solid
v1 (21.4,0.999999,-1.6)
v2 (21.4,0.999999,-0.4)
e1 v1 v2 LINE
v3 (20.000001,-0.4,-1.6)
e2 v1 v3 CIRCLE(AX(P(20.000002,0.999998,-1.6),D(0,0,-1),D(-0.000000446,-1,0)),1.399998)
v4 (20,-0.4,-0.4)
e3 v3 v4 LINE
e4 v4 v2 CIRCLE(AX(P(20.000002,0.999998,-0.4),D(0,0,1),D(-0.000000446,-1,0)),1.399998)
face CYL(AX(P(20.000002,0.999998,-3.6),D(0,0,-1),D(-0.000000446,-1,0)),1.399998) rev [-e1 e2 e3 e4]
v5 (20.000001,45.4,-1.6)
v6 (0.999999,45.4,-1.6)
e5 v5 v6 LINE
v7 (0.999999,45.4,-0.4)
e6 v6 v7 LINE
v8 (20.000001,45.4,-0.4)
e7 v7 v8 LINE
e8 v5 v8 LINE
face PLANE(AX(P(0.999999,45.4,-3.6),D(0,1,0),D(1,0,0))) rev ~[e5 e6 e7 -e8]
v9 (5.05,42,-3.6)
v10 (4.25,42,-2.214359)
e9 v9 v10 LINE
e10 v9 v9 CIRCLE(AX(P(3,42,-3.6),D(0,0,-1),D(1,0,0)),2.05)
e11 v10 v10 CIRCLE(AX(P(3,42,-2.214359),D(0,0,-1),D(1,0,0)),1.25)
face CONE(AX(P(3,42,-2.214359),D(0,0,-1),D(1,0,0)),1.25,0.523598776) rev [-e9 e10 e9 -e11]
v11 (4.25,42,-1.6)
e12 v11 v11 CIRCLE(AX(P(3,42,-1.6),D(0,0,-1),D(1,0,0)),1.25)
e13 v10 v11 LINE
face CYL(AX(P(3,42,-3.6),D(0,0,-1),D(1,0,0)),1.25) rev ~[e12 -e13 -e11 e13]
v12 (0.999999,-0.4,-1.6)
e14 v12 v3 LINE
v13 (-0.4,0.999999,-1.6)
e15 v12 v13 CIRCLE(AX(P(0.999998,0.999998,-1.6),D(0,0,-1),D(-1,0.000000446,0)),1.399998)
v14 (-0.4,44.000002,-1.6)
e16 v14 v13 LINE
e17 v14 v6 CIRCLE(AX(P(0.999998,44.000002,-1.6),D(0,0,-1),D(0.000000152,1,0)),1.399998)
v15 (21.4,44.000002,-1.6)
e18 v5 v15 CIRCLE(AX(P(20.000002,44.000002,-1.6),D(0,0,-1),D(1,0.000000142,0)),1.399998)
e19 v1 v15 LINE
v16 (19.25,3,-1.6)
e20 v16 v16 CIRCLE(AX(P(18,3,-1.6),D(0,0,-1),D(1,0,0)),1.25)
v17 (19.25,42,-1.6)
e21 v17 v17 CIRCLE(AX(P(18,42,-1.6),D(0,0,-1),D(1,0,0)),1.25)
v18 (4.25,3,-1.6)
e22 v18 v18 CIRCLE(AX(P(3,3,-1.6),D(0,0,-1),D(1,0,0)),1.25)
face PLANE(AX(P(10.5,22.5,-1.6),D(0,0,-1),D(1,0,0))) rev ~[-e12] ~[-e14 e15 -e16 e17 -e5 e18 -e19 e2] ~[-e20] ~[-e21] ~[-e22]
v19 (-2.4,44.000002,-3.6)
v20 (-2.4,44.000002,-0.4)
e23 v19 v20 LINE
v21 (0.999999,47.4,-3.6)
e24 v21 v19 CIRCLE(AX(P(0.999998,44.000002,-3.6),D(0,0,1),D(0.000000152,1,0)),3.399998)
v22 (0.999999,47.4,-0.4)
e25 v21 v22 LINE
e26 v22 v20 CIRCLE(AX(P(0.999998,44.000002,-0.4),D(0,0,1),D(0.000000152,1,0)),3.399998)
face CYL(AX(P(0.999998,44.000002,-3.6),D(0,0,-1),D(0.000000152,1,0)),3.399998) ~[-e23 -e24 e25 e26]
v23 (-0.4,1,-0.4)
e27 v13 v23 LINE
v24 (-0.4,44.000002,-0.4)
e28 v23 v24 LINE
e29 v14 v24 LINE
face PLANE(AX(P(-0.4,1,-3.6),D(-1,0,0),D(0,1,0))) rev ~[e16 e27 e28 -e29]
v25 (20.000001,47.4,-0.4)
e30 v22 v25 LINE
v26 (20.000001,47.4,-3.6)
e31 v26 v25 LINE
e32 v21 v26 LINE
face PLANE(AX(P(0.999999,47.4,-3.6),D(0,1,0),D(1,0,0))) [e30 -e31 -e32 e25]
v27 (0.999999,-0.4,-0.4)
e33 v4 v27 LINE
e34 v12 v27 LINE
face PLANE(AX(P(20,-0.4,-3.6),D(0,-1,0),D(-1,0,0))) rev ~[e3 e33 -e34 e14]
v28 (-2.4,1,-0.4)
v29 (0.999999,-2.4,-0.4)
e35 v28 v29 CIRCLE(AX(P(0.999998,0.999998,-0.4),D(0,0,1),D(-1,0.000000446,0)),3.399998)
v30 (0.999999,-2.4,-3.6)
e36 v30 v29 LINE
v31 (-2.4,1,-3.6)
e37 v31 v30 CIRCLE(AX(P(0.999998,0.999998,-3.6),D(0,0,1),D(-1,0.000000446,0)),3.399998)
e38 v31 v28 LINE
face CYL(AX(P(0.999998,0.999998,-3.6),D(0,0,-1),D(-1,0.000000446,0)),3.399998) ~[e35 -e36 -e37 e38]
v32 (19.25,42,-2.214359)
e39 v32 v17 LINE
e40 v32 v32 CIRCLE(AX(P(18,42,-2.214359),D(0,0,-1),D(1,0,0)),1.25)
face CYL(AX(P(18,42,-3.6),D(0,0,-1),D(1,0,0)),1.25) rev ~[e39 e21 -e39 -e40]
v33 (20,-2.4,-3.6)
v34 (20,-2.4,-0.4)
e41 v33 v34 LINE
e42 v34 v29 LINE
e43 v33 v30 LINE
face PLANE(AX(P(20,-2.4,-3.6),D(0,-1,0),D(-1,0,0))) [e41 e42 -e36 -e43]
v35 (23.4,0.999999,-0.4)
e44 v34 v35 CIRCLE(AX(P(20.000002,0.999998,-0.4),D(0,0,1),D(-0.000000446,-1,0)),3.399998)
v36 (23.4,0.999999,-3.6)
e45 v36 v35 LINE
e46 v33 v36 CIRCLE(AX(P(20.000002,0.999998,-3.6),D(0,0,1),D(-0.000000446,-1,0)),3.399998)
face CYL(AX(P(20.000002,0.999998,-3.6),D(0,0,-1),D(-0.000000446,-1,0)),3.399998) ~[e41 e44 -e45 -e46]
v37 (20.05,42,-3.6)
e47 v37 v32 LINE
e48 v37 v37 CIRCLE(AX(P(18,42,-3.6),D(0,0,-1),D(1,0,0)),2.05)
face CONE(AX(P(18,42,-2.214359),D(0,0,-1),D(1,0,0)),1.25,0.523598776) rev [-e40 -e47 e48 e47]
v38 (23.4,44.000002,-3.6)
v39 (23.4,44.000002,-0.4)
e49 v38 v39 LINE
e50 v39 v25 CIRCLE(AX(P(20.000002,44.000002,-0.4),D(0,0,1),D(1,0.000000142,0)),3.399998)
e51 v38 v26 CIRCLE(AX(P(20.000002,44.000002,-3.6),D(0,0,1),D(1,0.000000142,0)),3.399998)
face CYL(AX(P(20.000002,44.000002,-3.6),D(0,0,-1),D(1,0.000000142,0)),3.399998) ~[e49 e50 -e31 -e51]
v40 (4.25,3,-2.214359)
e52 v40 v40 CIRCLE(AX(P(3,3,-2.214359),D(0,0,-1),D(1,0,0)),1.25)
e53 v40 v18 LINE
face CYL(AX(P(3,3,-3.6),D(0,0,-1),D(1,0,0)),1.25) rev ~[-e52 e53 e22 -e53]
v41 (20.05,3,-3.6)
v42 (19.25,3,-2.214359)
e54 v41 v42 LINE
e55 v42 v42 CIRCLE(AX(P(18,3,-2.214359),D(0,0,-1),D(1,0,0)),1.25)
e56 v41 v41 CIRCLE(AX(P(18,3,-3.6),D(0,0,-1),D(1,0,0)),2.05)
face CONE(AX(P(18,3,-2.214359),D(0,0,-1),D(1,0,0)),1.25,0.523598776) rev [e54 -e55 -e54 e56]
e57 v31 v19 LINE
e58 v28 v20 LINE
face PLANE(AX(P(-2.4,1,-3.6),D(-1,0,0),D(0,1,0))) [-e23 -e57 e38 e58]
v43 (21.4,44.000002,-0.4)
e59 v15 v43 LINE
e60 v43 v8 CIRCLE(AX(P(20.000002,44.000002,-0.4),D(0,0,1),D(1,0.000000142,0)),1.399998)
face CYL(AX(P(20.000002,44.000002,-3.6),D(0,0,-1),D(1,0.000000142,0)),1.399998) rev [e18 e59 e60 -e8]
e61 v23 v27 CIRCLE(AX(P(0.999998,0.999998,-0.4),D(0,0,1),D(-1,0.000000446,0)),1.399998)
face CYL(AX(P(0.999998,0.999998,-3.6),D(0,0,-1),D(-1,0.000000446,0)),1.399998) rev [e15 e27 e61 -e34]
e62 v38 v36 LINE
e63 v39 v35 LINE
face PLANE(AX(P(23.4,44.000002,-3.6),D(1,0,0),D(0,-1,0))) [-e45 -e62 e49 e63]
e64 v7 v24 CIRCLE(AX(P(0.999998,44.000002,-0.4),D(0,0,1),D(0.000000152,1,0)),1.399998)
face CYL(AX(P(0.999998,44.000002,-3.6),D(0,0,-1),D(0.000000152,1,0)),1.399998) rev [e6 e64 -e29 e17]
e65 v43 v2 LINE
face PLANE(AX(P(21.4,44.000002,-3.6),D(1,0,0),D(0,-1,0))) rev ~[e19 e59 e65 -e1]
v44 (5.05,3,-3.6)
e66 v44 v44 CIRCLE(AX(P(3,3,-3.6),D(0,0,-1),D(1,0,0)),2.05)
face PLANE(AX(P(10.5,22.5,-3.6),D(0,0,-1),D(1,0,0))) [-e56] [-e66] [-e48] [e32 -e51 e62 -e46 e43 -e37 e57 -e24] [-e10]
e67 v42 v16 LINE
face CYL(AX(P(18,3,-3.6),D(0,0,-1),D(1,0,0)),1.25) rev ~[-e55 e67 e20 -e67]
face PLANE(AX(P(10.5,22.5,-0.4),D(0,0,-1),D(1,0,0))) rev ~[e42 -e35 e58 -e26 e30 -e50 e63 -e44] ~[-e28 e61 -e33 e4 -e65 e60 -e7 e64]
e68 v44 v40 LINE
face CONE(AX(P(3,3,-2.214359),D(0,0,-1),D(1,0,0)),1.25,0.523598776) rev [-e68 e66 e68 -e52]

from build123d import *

# Parameters (mm, degrees)
PAD_DEPTH        = 3.2
THICKNESS_T      = -2
SKETCH026_R      = 1.25
POCKET010_DEPTH  = 3.201
CHAMFER001_ANGLE = 60
CHAMFER001_SIZE  = 0.8


with BuildPart() as part:
    # Sketch025 → Pad (new body)
    with BuildSketch(Plane(origin=(0, 0, 0), x_dir=(-1, 0, 0), z_dir=(0, 0, 1))):
        with BuildLine():
            Line((-23.4, -44.000002), (-23.4, -0.999999))
            ThreePointArc((-20, 2.4), (-22.404163, 1.404164), (-23.4, -0.999999))
            Line((-20, 2.4), (-0.999999, 2.4))
            ThreePointArc((2.4, -1), (1.404164, 1.404163), (-0.999999, 2.4))
            Line((2.4, -1), (2.4, -44.000002))
            ThreePointArc((-0.999999, -47.4), (1.404163, -46.404164), (2.4, -44.000002))
            Line((-0.999999, -47.4), (-20.000001, -47.4))
            ThreePointArc((-23.4, -44.000002), (-22.404163, -46.404164), (-20.000001, -47.4))
        make_face()
    extrude(amount=PAD_DEPTH)

    # Thickness
    thickness_openings = [part.faces().sort_by_distance(p)[0] for p in [
        (10.5, 22.5, 3.2),
    ]]
    offset(amount=THICKNESS_T, openings=thickness_openings)

    # Sketch026 (on Face9 of Thickness) → Pocket010 (cut, through all)
    with BuildSketch(Plane(origin=(0, 0, 0), x_dir=(1, 0, 0), z_dir=(0, 0, -1))):
        with Locations((3, -3)):
            Circle(SKETCH026_R)
        with Locations((18, -3)):
            Circle(SKETCH026_R)
        with Locations((18, -42)):
            Circle(SKETCH026_R)
        with Locations((3, -42)):
            Circle(SKETCH026_R)
    extrude(amount=-POCKET010_DEPTH, mode=Mode.SUBTRACT)

    # Chamfer001
    chamfer001_edges = [part.edges().sort_by_distance(p)[0] for p in [
        (1.75, 42, 0),
        (16.75, 42, 0),
        (1.75, 3, 0),
        (16.75, 3, 0),
    ]]
    chamfer001_side = part.faces().sort_by_distance((10.5, 22.5, 0))[0]
    chamfer(chamfer001_edges, length=CHAMFER001_SIZE, angle=CHAMFER001_ANGLE, reference=chamfer001_side)


with BuildPart() as part_1:
    # Body010 placement: moved
    add(part.part.moved(Location((0, 0, -3.6))))


solid = part_1.part
